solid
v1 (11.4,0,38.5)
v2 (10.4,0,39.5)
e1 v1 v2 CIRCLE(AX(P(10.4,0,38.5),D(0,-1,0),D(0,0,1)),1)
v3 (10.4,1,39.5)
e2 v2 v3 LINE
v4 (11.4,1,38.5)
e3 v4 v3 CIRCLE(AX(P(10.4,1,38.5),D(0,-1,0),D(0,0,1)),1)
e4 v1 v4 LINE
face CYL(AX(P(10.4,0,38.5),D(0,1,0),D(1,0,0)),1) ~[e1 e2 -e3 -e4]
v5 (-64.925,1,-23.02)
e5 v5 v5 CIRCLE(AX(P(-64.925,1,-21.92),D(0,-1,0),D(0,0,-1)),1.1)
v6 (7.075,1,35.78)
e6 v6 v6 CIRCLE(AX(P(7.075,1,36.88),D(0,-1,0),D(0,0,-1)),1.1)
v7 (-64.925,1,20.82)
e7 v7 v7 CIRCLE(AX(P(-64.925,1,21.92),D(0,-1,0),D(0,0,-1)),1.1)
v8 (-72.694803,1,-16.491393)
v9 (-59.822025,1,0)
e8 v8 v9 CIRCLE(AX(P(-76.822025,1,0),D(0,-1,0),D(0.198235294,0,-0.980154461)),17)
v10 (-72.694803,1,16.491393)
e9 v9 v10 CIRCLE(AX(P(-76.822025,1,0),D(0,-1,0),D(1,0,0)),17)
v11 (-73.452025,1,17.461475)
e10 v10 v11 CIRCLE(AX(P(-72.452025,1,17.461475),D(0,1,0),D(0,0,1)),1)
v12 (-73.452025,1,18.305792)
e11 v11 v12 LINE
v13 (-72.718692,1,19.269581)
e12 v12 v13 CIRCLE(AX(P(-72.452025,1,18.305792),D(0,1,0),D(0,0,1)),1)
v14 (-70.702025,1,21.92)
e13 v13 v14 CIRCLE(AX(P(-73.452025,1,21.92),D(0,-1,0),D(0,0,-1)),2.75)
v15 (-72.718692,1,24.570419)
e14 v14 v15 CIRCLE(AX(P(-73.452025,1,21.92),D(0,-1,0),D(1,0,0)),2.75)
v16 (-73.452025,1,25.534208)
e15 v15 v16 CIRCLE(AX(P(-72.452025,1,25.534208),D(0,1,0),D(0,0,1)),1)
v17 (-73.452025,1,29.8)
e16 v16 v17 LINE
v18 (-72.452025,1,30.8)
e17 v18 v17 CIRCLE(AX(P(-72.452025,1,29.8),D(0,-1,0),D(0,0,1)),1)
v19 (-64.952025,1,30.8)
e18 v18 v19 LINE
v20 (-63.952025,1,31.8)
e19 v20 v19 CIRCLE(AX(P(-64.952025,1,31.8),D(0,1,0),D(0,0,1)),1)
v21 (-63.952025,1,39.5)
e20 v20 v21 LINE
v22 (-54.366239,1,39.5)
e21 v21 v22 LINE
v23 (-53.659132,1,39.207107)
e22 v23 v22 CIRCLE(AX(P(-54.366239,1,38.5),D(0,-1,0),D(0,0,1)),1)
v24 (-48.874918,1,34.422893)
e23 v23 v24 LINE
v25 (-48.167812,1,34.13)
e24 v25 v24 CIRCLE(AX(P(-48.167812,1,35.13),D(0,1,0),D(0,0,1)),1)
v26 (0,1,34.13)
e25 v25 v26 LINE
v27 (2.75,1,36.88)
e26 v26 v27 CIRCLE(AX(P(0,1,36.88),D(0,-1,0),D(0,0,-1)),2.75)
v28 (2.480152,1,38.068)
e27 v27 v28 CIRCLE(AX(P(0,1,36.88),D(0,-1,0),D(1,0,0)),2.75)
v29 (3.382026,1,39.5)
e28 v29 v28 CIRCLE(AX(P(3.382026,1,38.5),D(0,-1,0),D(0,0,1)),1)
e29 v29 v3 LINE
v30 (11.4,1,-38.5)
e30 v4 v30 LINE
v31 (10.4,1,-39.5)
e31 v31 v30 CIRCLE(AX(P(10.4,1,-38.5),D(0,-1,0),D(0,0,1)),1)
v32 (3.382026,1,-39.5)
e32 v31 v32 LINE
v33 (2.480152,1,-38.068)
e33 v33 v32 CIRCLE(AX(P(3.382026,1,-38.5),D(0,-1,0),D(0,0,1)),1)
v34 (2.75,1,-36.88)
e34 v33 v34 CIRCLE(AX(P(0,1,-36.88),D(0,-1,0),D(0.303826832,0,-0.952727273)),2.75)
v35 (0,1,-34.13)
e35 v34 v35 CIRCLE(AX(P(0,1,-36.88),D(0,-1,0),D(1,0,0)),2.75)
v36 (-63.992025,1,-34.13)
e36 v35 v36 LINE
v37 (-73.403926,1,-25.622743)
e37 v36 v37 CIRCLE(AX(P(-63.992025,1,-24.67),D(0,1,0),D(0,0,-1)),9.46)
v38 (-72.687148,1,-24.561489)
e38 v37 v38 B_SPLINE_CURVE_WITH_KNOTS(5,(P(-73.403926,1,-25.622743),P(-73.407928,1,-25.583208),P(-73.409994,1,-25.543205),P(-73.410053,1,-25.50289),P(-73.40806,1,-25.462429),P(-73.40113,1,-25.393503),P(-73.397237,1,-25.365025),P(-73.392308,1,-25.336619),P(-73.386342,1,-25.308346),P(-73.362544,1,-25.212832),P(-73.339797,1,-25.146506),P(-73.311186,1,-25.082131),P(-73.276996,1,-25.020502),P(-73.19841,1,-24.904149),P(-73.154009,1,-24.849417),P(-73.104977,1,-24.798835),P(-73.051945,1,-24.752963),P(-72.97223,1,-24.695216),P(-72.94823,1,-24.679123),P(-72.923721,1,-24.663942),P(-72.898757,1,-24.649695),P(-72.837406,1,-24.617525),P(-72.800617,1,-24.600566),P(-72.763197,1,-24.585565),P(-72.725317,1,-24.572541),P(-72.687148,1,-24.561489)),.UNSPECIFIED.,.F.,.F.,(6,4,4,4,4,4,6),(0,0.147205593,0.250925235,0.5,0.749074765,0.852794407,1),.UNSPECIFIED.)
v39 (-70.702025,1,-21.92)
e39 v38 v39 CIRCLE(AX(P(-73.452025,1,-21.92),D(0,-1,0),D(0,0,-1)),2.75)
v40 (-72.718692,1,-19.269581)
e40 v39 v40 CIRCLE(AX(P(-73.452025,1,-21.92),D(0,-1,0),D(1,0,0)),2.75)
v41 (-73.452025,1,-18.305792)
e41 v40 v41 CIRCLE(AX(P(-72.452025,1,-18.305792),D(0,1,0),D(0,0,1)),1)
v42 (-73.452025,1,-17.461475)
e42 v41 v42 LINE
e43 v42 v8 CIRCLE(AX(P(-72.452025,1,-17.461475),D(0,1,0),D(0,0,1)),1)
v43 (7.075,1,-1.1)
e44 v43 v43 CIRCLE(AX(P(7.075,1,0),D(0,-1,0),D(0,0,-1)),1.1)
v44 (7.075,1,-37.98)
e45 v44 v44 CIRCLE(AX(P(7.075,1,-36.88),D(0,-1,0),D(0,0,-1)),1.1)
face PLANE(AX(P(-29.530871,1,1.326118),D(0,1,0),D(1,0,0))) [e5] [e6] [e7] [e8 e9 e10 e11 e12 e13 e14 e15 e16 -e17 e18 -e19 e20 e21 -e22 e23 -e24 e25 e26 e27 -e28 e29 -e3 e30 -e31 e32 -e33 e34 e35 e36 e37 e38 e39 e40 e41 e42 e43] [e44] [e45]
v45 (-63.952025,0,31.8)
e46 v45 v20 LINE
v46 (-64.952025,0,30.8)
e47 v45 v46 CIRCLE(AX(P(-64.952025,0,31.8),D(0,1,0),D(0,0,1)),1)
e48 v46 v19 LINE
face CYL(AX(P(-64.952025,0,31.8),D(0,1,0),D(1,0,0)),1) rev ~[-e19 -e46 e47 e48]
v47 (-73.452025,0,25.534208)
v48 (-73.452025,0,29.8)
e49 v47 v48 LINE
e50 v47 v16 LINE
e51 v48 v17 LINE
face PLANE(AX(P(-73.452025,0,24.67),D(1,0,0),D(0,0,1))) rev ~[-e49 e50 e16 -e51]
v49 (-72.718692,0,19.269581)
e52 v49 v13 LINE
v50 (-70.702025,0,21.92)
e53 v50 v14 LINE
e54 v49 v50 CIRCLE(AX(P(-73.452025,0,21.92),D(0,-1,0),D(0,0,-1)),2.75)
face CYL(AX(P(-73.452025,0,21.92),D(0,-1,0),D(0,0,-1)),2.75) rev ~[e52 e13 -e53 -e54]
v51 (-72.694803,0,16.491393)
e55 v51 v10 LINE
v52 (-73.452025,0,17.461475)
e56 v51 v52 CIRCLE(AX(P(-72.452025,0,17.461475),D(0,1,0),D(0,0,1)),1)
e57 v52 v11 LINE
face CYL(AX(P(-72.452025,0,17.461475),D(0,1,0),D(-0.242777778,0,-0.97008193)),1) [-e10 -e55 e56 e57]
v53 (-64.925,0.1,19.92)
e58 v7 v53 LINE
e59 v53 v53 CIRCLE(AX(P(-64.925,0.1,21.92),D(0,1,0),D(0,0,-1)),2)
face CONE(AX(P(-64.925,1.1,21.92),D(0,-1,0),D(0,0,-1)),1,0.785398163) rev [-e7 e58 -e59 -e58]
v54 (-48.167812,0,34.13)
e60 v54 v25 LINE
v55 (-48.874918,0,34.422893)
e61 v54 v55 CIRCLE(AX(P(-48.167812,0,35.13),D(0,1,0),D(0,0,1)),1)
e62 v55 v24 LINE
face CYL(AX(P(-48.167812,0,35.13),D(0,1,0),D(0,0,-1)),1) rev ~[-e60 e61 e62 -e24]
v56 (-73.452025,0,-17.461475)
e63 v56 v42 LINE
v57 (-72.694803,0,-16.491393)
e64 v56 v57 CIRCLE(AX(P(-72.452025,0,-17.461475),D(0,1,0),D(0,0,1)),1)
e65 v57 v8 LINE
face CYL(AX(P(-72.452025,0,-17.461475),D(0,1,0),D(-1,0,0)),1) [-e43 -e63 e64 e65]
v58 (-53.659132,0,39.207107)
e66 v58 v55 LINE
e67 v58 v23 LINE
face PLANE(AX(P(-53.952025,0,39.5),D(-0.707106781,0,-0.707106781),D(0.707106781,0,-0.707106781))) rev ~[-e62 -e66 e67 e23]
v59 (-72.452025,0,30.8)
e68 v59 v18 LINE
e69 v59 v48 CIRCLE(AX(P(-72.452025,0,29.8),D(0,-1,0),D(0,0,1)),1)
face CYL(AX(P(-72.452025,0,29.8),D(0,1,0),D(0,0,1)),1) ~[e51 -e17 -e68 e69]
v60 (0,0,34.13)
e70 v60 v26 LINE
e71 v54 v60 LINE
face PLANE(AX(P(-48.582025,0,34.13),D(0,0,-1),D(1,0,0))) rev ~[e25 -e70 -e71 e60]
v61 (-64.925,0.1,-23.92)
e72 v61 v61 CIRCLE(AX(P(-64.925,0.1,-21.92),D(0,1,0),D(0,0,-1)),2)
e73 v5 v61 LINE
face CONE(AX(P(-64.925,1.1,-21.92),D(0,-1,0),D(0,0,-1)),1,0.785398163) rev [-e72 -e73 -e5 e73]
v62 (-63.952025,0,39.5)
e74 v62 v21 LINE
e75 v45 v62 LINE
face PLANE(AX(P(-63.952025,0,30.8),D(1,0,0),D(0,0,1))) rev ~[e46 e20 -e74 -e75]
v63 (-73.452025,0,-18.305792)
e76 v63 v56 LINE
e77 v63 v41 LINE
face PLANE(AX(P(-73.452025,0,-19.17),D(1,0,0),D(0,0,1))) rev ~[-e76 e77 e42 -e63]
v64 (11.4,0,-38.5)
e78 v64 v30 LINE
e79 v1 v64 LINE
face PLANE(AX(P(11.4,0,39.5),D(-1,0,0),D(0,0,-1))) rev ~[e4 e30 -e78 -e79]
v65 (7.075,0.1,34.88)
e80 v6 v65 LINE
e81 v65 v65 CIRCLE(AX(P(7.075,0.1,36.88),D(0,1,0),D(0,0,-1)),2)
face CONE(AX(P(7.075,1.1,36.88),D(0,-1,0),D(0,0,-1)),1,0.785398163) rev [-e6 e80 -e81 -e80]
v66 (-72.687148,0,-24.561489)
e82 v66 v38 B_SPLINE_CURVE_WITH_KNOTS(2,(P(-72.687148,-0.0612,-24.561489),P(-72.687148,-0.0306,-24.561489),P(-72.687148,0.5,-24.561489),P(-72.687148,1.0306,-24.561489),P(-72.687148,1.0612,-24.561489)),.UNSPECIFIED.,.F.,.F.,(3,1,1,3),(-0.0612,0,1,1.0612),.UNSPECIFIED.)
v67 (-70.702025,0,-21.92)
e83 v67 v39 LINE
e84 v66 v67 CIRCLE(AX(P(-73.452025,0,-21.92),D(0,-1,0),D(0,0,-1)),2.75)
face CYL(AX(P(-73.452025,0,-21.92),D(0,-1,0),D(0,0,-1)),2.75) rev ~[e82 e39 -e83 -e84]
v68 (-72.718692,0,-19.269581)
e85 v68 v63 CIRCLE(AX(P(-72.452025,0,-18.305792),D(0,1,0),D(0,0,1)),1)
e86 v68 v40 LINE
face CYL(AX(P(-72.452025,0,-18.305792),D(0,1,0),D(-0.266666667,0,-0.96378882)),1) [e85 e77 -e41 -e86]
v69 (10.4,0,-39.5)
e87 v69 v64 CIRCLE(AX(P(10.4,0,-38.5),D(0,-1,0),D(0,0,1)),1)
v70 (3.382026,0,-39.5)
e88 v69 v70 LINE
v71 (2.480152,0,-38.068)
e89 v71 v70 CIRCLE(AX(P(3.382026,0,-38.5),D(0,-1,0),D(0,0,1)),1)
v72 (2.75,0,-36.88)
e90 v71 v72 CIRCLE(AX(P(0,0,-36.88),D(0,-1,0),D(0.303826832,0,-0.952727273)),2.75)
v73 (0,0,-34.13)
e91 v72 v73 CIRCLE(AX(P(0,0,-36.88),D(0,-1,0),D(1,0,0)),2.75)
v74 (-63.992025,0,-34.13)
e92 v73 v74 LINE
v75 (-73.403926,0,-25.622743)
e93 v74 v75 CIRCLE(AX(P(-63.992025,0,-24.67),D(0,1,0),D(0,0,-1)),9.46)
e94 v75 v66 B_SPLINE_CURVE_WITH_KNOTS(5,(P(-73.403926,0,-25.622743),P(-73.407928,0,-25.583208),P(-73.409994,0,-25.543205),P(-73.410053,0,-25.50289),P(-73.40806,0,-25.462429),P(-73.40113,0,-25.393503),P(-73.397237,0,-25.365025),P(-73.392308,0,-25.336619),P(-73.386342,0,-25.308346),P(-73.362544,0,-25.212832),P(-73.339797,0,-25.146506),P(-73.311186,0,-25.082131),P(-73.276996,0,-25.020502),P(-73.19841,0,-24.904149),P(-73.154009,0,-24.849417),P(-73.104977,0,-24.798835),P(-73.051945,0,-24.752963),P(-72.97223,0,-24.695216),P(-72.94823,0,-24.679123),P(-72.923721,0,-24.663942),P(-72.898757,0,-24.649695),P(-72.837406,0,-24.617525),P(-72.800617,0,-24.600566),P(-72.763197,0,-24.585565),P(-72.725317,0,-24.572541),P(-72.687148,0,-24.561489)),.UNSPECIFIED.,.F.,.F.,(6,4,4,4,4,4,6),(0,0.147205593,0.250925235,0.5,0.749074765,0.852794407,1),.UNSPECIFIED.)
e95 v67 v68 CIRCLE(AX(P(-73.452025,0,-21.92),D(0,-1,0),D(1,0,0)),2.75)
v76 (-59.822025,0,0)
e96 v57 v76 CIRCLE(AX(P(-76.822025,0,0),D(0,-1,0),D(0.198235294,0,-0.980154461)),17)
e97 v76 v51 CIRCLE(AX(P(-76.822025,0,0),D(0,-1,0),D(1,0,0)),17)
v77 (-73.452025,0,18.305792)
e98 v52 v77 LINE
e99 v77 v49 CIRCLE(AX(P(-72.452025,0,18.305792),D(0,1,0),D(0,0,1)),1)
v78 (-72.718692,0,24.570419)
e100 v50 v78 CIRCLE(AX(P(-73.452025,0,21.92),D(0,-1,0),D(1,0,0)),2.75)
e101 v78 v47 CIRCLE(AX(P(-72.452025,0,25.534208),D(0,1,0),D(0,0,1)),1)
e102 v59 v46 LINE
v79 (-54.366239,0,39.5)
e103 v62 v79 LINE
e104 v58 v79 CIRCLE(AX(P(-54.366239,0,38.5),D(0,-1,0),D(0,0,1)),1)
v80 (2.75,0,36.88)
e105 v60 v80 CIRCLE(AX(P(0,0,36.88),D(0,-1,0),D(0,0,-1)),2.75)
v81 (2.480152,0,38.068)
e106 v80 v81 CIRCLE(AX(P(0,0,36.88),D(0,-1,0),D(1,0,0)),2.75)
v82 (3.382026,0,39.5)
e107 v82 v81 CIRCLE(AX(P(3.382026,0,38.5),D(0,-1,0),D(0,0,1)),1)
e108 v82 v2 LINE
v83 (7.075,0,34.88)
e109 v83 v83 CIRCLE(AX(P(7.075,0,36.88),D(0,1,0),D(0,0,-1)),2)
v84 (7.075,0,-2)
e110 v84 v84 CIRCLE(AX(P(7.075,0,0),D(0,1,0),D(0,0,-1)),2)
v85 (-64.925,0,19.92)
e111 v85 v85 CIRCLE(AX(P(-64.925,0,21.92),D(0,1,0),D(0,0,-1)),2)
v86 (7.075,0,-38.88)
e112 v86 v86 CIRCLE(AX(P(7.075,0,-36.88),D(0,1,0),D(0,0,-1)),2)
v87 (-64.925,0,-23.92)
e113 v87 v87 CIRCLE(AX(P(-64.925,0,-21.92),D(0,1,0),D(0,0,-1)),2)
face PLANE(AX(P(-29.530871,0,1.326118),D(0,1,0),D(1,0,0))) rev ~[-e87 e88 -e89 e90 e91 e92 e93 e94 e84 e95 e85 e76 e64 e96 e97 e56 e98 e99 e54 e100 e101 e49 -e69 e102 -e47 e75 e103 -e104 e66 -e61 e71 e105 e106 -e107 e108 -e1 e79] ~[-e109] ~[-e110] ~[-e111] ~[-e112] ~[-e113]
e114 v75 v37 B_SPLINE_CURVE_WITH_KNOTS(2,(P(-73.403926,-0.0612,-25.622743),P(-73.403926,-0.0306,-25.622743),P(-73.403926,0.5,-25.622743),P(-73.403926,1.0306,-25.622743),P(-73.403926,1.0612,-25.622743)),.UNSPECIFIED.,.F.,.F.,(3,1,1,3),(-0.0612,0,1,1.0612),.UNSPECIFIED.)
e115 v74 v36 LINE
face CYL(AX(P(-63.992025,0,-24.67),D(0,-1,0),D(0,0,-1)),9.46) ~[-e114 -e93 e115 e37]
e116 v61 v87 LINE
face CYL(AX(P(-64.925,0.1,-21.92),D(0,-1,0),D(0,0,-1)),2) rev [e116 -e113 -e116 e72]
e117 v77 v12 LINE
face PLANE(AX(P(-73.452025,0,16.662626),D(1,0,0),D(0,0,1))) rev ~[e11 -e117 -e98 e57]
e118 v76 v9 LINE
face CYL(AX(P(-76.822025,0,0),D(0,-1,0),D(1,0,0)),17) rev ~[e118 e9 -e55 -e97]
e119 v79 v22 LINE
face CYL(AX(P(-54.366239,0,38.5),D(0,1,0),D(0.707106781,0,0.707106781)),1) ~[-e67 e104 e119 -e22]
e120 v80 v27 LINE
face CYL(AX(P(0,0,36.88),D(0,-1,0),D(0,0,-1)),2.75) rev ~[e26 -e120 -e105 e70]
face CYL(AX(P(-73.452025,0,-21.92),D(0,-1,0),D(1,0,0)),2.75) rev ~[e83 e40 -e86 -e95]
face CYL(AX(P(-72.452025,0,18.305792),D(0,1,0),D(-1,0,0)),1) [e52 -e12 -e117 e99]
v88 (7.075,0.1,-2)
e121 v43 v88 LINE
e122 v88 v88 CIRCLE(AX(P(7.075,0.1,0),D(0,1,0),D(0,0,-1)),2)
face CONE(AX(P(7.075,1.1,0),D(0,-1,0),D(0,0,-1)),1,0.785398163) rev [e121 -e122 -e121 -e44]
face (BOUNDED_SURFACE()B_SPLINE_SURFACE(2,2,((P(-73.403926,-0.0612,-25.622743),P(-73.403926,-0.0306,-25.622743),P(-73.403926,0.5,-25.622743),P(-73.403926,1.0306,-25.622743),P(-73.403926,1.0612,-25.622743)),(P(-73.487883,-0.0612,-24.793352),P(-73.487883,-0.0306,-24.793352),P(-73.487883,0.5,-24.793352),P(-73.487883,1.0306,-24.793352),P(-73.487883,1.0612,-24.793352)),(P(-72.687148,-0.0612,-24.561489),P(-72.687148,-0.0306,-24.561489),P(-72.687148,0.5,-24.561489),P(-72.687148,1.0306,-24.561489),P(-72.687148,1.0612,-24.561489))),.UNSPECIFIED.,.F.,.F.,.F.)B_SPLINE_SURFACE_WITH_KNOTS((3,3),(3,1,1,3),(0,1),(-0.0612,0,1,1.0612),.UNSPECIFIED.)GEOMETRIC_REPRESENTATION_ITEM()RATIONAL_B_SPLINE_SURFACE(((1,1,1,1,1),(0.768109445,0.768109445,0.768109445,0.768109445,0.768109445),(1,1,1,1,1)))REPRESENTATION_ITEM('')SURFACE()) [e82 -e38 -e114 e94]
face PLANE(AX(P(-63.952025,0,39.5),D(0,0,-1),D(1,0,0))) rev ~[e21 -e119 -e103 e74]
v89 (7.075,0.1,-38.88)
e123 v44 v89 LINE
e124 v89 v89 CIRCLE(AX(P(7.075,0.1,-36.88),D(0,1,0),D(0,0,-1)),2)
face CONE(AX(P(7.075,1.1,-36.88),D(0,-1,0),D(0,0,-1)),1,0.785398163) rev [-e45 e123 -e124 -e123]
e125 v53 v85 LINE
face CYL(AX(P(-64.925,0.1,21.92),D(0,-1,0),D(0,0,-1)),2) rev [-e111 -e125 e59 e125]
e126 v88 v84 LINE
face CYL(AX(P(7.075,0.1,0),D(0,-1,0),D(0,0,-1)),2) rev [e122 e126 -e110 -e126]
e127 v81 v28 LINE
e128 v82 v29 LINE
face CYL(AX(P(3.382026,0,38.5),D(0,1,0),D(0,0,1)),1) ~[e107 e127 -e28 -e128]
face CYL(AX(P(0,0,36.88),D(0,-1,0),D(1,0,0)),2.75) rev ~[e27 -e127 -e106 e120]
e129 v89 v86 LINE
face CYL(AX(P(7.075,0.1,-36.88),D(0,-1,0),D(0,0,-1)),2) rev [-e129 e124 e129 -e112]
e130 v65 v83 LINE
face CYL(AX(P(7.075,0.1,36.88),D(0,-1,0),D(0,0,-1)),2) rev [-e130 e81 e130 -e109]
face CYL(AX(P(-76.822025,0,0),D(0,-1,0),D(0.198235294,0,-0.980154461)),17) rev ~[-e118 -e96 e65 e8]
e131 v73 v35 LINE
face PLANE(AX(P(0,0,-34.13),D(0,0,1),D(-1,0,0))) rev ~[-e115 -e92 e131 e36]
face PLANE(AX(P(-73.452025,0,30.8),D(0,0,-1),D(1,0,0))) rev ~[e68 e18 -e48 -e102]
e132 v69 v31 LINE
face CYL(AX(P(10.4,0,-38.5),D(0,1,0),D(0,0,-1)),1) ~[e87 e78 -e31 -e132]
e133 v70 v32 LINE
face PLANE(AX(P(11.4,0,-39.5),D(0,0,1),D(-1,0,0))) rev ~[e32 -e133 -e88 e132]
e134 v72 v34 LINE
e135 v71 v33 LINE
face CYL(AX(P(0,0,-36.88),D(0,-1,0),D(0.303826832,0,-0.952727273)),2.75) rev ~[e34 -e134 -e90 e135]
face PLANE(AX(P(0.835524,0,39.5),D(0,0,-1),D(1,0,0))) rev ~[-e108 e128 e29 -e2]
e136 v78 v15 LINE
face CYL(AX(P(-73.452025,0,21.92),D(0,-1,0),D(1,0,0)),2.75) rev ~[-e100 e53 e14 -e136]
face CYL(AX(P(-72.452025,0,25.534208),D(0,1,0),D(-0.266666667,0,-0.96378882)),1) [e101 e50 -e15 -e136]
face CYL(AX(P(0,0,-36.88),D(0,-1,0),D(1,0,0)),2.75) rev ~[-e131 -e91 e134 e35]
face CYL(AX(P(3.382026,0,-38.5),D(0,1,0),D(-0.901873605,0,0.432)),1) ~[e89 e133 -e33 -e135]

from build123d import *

# Parameters (mm, degrees)
SKETCH1_R                  = 1
BASE_SHAPE_DEPTH           = 1
FILLETS_R                  = 1
M2_COUNTERSUNKS_AT_2_COUNT = 2
M2_COUNTERSUNKS_AT_2_PITCH = 73.76
M2_COUNTERSUNKS_AT_3_COUNT = 2
M2_COUNTERSUNKS_AT_3_PITCH = 73.537756289
M2_COUNTERSUNKS_AT_4_COUNT = 2
M2_COUNTERSUNKS_AT_4_PITCH = 92.959345953
M2_COUNTERSUNKS_AT_5_COUNT = 2
M2_COUNTERSUNKS_AT_5_PITCH = 36.88


with BuildPart() as part:
    # Sketch1 → Base shape (new body)
    with BuildSketch(Plane(origin=(0, 0, 0), x_dir=(1, 0, 0), z_dir=(0, 1, 0))):
        with BuildLine():
            ThreePointArc((2.75, 36.88), (1.944543648, 34.935456352), (0, 34.13))
            Line((0, 34.13), (-63.992025159, 34.13))
            ThreePointArc((-63.992025159, 34.13), (-70.681255309, 31.35923015), (-73.452025159, 24.67))
            ThreePointArc((-73.452025159, 24.67), (-71.507481511, 23.864543648), (-70.702025159, 21.92))
            ThreePointArc((-70.702025159, 21.92), (-71.507481511, 19.975456352), (-73.452025159, 19.17))
            Line((-73.452025159, 19.17), (-73.452025159, 16.662625843))
            ThreePointArc((-73.452025159, 16.662625843), (-63.663567803, 10.763596053), (-59.822025159, 0))
            ThreePointArc((-59.822025159, 0), (-63.663567803, -10.763596053), (-73.452025159, -16.662625843))
            Line((-73.452025159, -16.662625843), (-73.452025159, -19.17))
            ThreePointArc((-73.452025159, -19.17), (-71.507481511, -19.975456352), (-70.702025159, -21.92))
            ThreePointArc((-70.702025159, -21.92), (-71.507481511, -23.864543648), (-73.452025159, -24.67))
            Line((-73.452025159, -24.67), (-73.452025159, -30.8))
            Line((-73.452025159, -30.8), (-63.952025159, -30.8))
            Line((-63.952025159, -30.8), (-63.952025159, -34.13))
            Line((-63.952025159, -34.13), (-63.952025159, -39.5))
            Line((-63.952025159, -39.5), (-53.952025159, -39.5))
            Line((-53.952025159, -39.5), (-48.582025159, -34.13))
            Line((-48.582025159, -34.13), (0, -34.13))
            ThreePointArc((0, -34.13), (1.944543648, -34.935456352), (2.75, -36.88))
            ThreePointArc((2.75, -36.88), (2.220381771, -38.502468734), (0.835523788, -39.5))
            Line((0.835523788, -39.5), (11.4, -39.5))
            Line((11.4, -39.5), (11.4, 39.5))
            Line((11.4, 39.5), (0.835523788, 39.5))
            ThreePointArc((0.835523788, 39.5), (2.220381771, 38.502468734), (2.75, 36.88))
        make_face()
        with Locations(Location((-64.925, -21.92, 0), (0, 0, 270))):
            Circle(SKETCH1_R, mode=Mode.SUBTRACT)
        with Locations(Location((7.075, -36.88, 0), (0, 0, 270))):
            Circle(SKETCH1_R, mode=Mode.SUBTRACT)
        with Locations(Location((-64.925, 21.92, 0), (0, 0, 270))):
            Circle(SKETCH1_R, mode=Mode.SUBTRACT)
        with Locations(Location((7.075, 0, 0), (0, 0, 270))):
            Circle(SKETCH1_R, mode=Mode.SUBTRACT)
        with Locations(Location((7.075, 36.88, 0), (0, 0, 270))):
            Circle(SKETCH1_R, mode=Mode.SUBTRACT)
    extrude(amount=BASE_SHAPE_DEPTH)

    # Fillets
    fillets_edges = [part.edges().sort_by_distance(p)[0] for p in [
        (0.835523788, 0.5, -39.5),
        (11.4, 0.5, -39.5),
        (11.4, 0.5, 39.5),
        (0.835523788, 0.5, 39.5),
        (-48.582025159, 0.5, 34.13),
        (-53.952025159, 0.5, 39.5),
        (-63.952025159, 0.5, 30.8),
        (-73.452025159, 0.5, 30.8),
        (-73.452025159, 0.5, 24.67),
        (-73.452025159, 0.5, 19.17),
        (-73.452025159, 0.5, 16.662625843),
        (-73.452025159, 0.5, -16.662625843),
        (-73.452025159, 0.5, -19.17),
        (-73.452025159, 0.5, -24.67),
    ]]
    fillet(fillets_edges, radius=FILLETS_R)

    # Sketch3 → M2 countersunks (revolve, cut)
    with BuildSketch(Plane(origin=(7.075, 0, -36.88), x_dir=(0, 0, -1), z_dir=(1, 0, 0))):
        Polygon((0, 0), (0, 1), (1, 1), (1, 1.1), (2, 0.1), (2, 0), align=None)
    m2_countersunks = revolve(axis=Axis((7.075, -6.35, -36.88), (0, 1, 0)), mode=Mode.SUBTRACT)

    # M2 countersunks at 2: M2 countersunks ×2
    with Locations(*[(0, 0, i * M2_COUNTERSUNKS_AT_2_PITCH) for i in range(1, M2_COUNTERSUNKS_AT_2_COUNT)]):
        add(m2_countersunks, mode=Mode.SUBTRACT)

    # M2 countersunks at 3: M2 countersunks ×2
    with Locations(*[Vector(-0.9790888875801275, 0, 0.2034329133083154) * (i * M2_COUNTERSUNKS_AT_3_PITCH) for i in range(1, M2_COUNTERSUNKS_AT_3_COUNT)]):
        add(m2_countersunks, mode=Mode.SUBTRACT)

    # M2 countersunks at 4: M2 countersunks ×2
    with Locations(*[Vector(-0.7745321275866415, 0, 0.6325345708624239) * (i * M2_COUNTERSUNKS_AT_4_PITCH) for i in range(1, M2_COUNTERSUNKS_AT_4_COUNT)]):
        add(m2_countersunks, mode=Mode.SUBTRACT)

    # M2 countersunks at 5: M2 countersunks ×2
    with Locations(*[(0, 0, i * M2_COUNTERSUNKS_AT_5_PITCH) for i in range(1, M2_COUNTERSUNKS_AT_5_COUNT)]):
        add(m2_countersunks, mode=Mode.SUBTRACT)


solid = part.part
